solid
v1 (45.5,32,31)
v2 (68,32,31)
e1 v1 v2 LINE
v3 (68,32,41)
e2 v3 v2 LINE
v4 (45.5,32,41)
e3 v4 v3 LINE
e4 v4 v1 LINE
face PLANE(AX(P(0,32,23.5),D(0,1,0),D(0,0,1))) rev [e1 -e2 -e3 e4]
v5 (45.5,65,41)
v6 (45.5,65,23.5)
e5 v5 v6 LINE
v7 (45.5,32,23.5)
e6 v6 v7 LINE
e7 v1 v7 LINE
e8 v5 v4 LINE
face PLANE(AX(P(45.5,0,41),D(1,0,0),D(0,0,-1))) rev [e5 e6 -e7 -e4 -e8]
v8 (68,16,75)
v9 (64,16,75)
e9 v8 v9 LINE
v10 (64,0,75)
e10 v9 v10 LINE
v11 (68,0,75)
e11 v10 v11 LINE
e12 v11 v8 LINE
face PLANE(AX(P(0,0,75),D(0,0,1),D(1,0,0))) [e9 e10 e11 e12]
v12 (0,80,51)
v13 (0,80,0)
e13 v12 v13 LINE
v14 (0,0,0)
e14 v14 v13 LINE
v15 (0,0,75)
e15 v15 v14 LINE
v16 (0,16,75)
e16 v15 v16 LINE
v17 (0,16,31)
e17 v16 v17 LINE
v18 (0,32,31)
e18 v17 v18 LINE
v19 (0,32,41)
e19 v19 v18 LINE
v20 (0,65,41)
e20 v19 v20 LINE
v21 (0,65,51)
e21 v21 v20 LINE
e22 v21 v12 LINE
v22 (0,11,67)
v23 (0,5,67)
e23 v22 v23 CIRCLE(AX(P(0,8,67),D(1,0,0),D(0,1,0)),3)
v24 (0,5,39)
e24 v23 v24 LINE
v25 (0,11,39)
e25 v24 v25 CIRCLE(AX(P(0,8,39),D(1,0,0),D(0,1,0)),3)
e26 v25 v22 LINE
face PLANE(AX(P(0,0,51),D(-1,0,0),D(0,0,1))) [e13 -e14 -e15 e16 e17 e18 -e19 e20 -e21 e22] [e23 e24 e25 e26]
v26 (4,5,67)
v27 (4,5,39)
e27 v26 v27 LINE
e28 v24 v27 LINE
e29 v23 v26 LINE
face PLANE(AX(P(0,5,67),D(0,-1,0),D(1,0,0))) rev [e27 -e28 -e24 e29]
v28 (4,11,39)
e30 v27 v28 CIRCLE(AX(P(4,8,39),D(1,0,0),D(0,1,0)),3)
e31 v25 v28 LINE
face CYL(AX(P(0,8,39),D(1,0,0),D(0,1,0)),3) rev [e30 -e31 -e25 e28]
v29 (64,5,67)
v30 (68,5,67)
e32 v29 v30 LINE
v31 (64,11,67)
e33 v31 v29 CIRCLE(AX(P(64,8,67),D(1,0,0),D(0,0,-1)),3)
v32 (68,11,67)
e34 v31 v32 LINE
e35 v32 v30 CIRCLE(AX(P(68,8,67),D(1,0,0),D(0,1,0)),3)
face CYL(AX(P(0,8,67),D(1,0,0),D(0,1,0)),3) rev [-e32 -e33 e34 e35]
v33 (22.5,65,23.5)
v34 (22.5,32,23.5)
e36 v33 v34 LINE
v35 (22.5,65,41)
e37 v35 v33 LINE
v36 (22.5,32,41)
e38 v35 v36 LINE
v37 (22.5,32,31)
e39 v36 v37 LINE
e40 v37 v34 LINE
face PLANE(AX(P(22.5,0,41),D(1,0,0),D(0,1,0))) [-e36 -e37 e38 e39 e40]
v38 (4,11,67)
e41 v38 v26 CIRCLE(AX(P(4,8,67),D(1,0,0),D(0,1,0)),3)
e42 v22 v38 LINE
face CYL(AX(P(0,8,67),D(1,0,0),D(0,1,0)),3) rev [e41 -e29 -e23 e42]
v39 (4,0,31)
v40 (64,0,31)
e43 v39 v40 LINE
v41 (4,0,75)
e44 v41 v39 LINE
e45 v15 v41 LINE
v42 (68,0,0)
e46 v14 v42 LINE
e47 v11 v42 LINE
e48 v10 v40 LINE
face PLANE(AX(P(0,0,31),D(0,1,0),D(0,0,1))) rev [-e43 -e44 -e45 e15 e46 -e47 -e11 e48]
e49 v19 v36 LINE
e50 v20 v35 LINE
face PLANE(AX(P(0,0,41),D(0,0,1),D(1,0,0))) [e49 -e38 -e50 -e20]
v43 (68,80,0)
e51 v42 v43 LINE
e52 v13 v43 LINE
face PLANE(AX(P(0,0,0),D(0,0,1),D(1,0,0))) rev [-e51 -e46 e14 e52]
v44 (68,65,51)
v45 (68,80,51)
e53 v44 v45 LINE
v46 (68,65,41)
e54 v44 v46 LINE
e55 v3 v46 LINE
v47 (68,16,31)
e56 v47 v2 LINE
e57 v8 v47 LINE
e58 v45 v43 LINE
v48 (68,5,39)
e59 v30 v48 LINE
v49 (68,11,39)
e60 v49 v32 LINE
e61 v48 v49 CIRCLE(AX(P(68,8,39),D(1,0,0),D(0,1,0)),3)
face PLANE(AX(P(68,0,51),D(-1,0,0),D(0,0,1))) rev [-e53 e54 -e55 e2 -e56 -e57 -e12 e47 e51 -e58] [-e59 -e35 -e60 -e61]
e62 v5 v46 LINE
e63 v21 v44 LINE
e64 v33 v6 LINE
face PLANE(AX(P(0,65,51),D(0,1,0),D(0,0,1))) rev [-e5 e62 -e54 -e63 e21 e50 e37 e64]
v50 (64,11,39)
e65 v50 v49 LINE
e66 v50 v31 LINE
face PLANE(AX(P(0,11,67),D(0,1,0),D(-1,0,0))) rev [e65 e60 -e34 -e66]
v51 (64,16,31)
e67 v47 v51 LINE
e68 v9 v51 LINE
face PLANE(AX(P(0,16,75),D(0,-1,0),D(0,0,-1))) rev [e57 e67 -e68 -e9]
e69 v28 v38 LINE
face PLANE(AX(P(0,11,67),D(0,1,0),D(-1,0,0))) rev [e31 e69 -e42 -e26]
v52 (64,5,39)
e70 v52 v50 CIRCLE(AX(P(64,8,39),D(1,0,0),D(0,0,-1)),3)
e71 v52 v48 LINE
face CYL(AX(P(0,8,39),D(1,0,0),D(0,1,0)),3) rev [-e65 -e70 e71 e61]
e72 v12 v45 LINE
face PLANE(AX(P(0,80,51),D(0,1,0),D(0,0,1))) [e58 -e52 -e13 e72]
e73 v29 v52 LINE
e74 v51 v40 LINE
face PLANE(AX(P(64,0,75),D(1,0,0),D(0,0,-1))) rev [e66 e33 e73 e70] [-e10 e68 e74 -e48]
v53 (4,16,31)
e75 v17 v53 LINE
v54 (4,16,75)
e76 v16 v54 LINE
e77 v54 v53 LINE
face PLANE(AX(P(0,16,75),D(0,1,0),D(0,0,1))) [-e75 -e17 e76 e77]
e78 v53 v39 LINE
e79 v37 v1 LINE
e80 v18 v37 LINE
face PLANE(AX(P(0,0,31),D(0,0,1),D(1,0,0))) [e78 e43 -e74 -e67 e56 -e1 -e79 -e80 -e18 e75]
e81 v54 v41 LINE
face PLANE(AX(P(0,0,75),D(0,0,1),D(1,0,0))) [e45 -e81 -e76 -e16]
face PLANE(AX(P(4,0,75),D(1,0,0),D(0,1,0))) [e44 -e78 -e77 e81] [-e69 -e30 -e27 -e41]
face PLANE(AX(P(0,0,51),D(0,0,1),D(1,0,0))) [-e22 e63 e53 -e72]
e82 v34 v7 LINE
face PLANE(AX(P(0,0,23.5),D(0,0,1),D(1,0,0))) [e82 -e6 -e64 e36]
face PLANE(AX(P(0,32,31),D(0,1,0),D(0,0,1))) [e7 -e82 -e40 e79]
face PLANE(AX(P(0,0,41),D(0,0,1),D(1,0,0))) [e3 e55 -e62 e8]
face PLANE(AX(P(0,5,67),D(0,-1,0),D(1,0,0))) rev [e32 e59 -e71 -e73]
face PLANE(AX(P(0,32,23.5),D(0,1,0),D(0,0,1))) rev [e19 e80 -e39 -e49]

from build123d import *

# Parameters (mm, degrees)
BOSS_EXTRUDE3_DEPTH     = 51
SKETCH2_5_W             = 23
SKETCH2_5_H             = 33
BOSS_EXTRUDE4_DEPTH     = 23.5
SKETCH2_6_W             = 22.5
SKETCH2_6_H             = 33
BOSS_EXTRUDE5_DEPTH     = 41
BOSS_EXTRUDE6_DEPTH     = 31
SKETCH2_8_W             = 4
SKETCH2_8_H             = 16
BOSS_EXTRUDE7_DEPTH     = 75
CUT_EXTRUDE1_DEPTH      = 65
CUT_EXTRUDE1_DEPTH_BACK = 5


with BuildPart() as part:
    # Sketch2 → Boss-Extrude3 (new body)
    with BuildSketch(Plane.XY):
        Polygon((0, 80), (0, 65), (22.5, 65), (45.5, 65), (68, 65), (68, 80), align=None)
    extrude(amount=BOSS_EXTRUDE3_DEPTH)

    # Sketch2_5 → Boss-Extrude4 (add)
    with BuildSketch(Plane.XY):
        with Locations((34, 48.5)):
            Rectangle(SKETCH2_5_W, SKETCH2_5_H)
    extrude(amount=BOSS_EXTRUDE4_DEPTH)

    # Sketch2_6 → Boss-Extrude5 (add)
    with BuildSketch(Plane.XY):
        with Locations((56.75, 48.5)):
            Rectangle(SKETCH2_6_W, SKETCH2_6_H)
        with Locations((11.25, 48.5)):
            Rectangle(SKETCH2_6_W, SKETCH2_6_H)
    extrude(amount=BOSS_EXTRUDE5_DEPTH)

    # Sketch2_7 → Boss-Extrude6 (add)
    with BuildSketch(Plane.XY):
        Polygon((22.5, 32), (0, 32), (0, 16), (4, 16), (4, 0), (64, 0), (64, 16), (68, 16), (68, 32), (45.5, 32), align=None)
    extrude(amount=BOSS_EXTRUDE6_DEPTH)

    # Sketch2_8 → Boss-Extrude7 (add)
    with BuildSketch(Plane.XY):
        with Locations((2, 8)):
            Rectangle(SKETCH2_8_W, SKETCH2_8_H)
        with Locations((66, 8)):
            Rectangle(SKETCH2_8_W, SKETCH2_8_H)
    extrude(amount=BOSS_EXTRUDE7_DEPTH)

    # Sketch9 → Cut-Extrude1 (cut, two sides)
    with BuildSketch(Plane(origin=(4, 0, 0), x_dir=(0, 0, -1), z_dir=(1, 0, 0))) as cut_extrude1_sk:
        with BuildLine():
            Line((-67, 11), (-39, 11))
            ThreePointArc((-39, 11), (-36, 8), (-39, 5))
            Line((-39, 5), (-67, 5))
            ThreePointArc((-67, 5), (-70, 8), (-67, 11))
        make_face()
    extrude(amount=CUT_EXTRUDE1_DEPTH, mode=Mode.SUBTRACT)
    extrude(cut_extrude1_sk.sketch, amount=-CUT_EXTRUDE1_DEPTH_BACK, mode=Mode.SUBTRACT)


solid = part.part
